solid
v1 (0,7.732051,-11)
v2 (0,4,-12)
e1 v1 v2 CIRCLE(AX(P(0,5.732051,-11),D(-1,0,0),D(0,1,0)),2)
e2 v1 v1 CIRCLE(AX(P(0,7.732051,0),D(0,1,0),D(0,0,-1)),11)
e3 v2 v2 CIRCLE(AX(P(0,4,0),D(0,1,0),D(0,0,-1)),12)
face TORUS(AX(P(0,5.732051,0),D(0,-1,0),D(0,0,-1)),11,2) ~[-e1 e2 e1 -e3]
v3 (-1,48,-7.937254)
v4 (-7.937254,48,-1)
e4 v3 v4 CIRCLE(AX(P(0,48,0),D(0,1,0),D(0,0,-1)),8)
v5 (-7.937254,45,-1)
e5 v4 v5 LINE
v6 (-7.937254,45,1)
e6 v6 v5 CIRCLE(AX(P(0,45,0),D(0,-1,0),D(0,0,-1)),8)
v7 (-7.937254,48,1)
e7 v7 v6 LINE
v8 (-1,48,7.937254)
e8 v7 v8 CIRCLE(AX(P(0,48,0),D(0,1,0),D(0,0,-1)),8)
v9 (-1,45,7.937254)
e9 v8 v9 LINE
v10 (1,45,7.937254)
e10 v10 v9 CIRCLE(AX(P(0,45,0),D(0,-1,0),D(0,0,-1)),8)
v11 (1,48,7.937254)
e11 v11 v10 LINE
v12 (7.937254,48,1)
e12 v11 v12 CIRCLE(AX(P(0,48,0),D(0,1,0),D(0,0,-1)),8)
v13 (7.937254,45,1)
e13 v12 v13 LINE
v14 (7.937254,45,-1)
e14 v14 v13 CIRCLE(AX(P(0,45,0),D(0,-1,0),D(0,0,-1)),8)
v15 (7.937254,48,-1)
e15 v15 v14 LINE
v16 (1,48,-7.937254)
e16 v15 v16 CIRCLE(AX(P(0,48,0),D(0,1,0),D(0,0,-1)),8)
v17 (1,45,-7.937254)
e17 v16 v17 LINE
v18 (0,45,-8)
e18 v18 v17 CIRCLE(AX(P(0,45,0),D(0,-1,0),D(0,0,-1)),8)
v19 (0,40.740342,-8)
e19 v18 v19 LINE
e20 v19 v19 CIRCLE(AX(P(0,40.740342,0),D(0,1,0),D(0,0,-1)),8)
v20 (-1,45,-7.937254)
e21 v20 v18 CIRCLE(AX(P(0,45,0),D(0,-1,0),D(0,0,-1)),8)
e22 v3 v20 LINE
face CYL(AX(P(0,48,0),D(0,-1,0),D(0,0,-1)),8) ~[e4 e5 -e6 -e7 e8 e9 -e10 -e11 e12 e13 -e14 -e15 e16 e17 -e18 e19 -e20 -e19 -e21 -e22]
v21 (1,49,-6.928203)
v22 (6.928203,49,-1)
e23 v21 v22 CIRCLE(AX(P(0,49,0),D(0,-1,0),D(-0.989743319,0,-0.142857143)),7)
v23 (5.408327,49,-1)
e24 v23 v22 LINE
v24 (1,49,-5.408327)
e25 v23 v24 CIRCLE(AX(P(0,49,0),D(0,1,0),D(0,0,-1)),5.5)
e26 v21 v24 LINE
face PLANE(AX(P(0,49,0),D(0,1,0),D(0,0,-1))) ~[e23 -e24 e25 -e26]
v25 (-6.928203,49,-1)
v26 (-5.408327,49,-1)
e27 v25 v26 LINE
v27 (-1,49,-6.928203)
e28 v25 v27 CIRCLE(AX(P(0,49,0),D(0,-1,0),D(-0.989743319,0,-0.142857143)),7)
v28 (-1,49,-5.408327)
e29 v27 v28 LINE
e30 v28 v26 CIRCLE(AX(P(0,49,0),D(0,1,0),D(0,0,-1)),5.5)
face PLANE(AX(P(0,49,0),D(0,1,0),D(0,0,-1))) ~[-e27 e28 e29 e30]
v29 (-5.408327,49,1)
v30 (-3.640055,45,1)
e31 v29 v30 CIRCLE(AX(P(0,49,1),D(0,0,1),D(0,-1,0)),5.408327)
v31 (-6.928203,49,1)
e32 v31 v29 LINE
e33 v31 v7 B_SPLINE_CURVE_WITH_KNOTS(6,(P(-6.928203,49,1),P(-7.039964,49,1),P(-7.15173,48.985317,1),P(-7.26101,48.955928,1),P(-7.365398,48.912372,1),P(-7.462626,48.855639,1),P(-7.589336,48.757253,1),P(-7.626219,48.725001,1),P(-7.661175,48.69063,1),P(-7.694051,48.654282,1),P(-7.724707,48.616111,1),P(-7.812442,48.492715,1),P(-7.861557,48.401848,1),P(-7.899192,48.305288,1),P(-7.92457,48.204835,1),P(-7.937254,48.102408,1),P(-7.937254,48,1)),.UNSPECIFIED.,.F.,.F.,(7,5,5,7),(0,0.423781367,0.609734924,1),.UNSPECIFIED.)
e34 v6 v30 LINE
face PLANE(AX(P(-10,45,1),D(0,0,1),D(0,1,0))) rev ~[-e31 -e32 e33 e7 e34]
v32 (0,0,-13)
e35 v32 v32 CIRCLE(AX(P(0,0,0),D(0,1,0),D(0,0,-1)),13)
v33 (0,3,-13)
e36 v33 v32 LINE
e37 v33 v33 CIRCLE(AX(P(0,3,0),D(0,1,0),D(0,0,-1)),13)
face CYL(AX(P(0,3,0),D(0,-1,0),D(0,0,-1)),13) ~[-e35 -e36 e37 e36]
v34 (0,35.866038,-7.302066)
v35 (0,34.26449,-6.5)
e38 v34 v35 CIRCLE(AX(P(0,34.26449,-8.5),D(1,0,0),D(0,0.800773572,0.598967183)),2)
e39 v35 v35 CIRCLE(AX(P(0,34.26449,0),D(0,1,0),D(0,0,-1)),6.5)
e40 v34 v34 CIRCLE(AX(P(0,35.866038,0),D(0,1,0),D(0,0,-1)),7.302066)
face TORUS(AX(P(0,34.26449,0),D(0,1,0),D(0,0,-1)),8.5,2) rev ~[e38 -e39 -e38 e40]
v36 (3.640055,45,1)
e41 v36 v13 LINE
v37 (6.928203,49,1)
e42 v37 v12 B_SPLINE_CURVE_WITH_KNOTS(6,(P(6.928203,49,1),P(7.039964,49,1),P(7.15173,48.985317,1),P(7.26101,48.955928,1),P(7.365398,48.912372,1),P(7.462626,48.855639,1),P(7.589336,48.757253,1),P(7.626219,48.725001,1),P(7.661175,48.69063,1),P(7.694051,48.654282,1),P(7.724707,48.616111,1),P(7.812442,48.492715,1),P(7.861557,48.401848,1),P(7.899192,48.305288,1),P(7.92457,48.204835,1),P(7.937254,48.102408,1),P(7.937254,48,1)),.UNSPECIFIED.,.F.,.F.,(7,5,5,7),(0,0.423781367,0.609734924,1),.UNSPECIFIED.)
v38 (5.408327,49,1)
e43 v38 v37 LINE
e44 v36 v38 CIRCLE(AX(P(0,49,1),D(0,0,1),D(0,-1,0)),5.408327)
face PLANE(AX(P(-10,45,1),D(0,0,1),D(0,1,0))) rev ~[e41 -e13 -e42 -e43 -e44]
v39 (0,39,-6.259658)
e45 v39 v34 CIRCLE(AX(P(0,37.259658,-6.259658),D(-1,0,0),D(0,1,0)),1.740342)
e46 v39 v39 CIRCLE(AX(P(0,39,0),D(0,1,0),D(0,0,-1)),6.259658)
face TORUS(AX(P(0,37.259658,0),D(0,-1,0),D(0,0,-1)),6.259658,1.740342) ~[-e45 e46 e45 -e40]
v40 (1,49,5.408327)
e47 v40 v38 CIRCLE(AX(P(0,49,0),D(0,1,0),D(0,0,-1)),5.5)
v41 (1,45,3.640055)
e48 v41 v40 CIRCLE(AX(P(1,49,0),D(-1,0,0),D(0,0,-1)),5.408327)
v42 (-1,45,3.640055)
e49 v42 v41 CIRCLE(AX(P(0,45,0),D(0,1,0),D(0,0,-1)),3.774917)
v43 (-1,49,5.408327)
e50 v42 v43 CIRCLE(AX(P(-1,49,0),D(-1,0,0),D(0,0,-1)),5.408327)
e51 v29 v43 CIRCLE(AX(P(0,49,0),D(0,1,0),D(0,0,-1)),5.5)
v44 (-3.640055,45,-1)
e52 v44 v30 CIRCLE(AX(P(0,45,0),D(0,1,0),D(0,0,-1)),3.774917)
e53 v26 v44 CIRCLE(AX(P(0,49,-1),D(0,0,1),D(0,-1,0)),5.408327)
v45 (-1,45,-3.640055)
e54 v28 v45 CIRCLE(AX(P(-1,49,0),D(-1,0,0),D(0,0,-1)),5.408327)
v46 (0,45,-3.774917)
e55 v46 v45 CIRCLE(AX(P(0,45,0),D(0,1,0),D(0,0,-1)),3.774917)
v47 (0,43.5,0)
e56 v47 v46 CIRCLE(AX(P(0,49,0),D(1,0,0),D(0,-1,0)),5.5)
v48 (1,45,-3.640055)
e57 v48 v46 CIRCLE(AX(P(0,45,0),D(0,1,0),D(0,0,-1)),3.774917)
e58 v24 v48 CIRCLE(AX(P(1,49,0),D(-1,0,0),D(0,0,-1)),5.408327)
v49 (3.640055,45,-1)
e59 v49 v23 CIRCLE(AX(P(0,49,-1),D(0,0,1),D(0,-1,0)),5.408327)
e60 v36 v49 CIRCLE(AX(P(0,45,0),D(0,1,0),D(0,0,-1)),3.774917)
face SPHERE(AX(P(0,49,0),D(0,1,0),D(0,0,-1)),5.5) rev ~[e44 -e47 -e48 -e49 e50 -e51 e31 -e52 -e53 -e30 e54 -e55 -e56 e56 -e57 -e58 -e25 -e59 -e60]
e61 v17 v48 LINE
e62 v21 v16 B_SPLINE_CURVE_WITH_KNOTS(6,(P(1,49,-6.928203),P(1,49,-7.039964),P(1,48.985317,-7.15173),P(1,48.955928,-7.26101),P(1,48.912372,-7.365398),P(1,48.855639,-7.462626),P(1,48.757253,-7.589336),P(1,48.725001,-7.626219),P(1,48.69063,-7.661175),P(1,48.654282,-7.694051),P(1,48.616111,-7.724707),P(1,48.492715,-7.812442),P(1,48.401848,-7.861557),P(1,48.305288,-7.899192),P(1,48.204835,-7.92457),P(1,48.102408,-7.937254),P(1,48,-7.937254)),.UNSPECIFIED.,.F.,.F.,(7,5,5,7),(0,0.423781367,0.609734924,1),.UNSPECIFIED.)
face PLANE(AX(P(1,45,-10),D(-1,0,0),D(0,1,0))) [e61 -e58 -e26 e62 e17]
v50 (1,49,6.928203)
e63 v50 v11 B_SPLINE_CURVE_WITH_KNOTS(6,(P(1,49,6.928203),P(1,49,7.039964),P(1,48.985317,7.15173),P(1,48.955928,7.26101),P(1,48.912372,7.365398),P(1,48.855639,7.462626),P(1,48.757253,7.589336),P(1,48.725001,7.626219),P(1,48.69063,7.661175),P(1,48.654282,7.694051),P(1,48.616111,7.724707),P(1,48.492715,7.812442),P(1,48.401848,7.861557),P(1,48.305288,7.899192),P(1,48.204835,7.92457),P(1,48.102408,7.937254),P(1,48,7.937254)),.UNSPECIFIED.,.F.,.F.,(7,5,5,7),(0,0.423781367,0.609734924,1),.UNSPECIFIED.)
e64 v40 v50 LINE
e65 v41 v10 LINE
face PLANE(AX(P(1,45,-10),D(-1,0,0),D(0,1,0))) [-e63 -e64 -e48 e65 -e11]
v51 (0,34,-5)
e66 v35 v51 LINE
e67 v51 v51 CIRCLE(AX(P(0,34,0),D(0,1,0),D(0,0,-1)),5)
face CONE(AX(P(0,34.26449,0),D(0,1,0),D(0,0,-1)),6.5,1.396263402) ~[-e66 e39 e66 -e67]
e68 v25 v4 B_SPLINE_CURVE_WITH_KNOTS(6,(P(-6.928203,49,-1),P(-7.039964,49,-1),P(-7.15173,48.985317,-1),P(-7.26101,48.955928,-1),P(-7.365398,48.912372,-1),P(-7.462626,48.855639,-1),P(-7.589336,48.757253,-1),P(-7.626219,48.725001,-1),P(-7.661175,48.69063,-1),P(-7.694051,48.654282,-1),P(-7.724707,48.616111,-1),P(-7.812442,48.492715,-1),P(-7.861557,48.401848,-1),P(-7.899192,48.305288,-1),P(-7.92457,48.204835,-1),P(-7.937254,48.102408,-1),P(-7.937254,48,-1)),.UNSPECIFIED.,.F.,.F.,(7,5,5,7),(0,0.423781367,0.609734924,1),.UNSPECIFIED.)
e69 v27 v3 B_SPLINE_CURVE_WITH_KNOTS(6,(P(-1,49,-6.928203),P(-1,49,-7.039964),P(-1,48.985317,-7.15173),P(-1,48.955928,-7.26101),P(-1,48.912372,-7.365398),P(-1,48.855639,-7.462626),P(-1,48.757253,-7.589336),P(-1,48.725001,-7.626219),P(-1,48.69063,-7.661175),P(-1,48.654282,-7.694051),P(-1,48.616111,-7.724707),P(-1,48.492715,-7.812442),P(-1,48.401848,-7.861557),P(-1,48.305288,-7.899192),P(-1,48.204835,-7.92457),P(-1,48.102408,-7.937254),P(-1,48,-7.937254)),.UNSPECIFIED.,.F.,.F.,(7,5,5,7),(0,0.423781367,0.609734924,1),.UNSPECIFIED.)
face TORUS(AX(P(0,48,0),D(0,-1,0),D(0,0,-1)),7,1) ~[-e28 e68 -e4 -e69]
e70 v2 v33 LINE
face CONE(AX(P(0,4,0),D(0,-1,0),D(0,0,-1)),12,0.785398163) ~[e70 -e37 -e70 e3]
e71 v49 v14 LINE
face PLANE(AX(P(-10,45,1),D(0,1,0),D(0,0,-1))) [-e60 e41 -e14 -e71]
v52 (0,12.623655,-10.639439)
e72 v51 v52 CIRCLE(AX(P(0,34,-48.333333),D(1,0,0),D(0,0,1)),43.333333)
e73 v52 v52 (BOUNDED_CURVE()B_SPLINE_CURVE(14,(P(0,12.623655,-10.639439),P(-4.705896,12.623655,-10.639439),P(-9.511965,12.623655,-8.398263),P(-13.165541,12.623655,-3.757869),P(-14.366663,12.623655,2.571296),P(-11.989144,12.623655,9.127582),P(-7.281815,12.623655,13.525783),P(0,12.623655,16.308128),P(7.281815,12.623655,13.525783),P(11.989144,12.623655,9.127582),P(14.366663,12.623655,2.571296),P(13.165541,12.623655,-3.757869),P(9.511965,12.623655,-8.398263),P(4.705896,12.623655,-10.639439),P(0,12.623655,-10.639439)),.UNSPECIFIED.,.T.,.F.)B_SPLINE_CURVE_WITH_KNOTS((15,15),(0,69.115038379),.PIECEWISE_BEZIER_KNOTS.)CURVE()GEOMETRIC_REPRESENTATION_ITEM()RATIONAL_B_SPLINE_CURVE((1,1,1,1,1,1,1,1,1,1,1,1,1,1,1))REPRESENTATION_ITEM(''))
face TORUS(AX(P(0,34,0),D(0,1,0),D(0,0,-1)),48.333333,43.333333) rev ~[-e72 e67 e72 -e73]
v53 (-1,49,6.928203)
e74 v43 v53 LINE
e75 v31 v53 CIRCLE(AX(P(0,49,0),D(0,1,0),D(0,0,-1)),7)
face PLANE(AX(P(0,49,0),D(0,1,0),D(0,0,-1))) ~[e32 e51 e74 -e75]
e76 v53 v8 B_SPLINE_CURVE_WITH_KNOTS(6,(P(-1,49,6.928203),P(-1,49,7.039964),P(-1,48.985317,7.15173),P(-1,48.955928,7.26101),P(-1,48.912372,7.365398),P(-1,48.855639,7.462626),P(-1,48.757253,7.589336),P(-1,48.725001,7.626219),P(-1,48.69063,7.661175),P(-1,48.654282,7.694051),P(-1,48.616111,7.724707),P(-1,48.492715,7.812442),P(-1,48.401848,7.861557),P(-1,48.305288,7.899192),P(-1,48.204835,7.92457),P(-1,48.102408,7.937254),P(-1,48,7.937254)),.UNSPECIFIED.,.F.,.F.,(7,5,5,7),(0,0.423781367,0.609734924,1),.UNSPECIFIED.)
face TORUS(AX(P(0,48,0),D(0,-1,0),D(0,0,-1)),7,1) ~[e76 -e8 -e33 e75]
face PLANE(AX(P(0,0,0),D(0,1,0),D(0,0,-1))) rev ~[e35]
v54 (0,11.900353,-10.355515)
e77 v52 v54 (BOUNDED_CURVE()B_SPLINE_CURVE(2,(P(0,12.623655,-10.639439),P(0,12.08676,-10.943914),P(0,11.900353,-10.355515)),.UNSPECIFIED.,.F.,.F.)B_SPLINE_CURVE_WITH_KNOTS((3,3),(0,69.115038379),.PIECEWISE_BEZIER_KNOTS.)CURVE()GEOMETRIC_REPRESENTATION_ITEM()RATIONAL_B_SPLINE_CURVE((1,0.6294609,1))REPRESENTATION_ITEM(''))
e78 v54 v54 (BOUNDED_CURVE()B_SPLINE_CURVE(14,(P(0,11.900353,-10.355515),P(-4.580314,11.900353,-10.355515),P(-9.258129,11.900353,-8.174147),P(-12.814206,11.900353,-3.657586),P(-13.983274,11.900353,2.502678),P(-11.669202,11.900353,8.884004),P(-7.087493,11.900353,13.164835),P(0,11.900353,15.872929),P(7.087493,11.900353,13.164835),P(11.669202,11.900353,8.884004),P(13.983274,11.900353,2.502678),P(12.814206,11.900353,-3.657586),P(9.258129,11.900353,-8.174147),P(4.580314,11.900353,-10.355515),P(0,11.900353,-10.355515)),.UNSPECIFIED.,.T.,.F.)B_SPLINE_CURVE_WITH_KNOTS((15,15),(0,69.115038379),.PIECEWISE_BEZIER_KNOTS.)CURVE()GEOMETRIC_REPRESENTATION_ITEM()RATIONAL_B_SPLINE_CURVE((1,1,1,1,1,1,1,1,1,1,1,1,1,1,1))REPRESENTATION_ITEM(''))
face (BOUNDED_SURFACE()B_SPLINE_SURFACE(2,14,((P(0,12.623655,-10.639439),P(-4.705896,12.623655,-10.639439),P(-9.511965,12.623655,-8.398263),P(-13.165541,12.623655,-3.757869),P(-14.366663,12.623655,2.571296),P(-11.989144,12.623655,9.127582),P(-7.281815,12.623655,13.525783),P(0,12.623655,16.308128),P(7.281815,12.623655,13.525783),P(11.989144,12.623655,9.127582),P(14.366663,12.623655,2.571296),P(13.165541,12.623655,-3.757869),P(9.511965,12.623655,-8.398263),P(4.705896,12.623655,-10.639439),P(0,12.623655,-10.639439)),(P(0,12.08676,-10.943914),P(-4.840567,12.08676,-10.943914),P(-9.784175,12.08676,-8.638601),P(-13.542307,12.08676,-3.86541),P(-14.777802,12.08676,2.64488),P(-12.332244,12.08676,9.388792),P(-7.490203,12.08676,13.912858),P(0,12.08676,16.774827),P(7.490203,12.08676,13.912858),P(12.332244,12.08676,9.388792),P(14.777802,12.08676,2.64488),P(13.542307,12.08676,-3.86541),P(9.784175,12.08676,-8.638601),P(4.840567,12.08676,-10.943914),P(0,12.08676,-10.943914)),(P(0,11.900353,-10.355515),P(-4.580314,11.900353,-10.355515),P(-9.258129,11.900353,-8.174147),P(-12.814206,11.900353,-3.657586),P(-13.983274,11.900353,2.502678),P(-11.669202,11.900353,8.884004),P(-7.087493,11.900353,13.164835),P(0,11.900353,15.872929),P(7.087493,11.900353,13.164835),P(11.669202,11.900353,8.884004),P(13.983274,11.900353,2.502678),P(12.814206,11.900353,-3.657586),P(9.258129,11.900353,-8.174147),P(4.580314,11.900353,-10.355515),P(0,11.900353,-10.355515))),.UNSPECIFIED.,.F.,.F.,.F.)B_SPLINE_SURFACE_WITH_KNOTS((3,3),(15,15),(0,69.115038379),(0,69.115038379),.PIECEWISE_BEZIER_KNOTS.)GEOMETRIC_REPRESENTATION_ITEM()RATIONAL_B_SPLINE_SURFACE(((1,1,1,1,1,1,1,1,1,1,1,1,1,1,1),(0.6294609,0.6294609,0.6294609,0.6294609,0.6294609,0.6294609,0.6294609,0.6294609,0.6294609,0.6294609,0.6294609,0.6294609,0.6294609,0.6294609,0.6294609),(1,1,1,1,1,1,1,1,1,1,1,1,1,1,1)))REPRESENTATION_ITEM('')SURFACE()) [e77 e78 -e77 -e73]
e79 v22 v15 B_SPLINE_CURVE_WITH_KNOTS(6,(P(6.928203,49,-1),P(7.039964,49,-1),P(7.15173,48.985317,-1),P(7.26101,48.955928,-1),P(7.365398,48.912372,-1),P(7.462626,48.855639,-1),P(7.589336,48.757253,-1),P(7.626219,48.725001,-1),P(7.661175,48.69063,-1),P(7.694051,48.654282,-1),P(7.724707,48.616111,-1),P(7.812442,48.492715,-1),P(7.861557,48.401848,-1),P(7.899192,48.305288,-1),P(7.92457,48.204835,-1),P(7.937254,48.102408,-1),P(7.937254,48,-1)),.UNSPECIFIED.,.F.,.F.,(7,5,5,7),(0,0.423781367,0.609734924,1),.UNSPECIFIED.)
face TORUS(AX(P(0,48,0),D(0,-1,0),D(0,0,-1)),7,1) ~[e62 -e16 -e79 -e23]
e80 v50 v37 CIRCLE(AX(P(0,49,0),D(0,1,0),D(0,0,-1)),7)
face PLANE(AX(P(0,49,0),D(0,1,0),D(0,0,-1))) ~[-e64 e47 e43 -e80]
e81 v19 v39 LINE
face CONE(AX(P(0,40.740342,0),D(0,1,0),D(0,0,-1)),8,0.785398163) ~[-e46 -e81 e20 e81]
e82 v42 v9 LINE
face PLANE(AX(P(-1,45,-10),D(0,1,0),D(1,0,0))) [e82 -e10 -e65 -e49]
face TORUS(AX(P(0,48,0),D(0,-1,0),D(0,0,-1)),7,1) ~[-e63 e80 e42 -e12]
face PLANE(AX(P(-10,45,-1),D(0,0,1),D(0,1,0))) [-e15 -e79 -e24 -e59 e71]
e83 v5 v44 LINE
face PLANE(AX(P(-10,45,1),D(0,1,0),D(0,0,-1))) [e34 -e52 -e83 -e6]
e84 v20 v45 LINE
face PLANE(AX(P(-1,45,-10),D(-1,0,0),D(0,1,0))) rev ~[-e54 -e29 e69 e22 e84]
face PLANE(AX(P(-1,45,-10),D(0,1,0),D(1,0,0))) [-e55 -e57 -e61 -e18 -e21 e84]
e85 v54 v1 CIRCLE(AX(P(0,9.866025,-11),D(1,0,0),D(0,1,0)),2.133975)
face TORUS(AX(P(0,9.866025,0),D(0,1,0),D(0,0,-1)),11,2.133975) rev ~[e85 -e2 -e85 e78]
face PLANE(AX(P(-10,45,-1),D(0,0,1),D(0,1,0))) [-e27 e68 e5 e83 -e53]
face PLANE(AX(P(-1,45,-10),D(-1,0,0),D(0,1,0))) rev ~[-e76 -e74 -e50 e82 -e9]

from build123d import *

# Parameters (mm, degrees)
FILLET1_R               = 0.5
CUT_EXTRUDE1_DEPTH      = 10
CUT_EXTRUDE1_DEPTH_BACK = 10
SKETCH2_W               = 2
SKETCH2_H               = 4
CUT_EXTRUDE2_DEPTH      = 10
CUT_EXTRUDE2_DEPTH_BACK = 10
SKETCH3_W               = 2
SKETCH3_H               = 4


with BuildPart() as part:
    # Sketch1 → Revolve2 (revolve)
    with BuildSketch(Plane(origin=(0, 0, 0), x_dir=(0, 0, -1), z_dir=(1, 0, 0))):
        with BuildLine():
            Line((0, 0), (0, 43.5))
            ThreePointArc((0, 43.5), (3.889087297, 45.110912703), (5.5, 49))
            Line((5.5, 49), (7, 49))
            ThreePointArc((7, 49), (7.707106781, 48.707106781), (8, 48))
            Line((8, 48), (8, 40.740342281))
            Line((8, 40.740342281), (6.259657719, 39))
            ThreePointArc((6.259657719, 39), (7.911046112, 37.808936912), (7.302065633, 35.866037615))
            ThreePointArc((7.302065633, 35.866037615), (6.711723073, 35.160071642), (6.5, 34.264490471))
            Line((6.5, 34.264490471), (5, 34))
            ThreePointArc((5, 34), (6.52690108, 22.598245749), (11, 12))
            ThreePointArc((11, 12), (8.866025404, 9.866025404), (11, 7.732050808))
            ThreePointArc((11, 7.732050808), (12.931851653, 6.249688898), (12, 4))
            Line((12, 4), (13, 3))
            Line((13, 3), (13, 0))
            Line((13, 0), (0, 0))
        make_face()
    revolve(axis=Axis((0, 0, 0), (0, 1, 0)))

    # Fillet1
    fillet1_edges = [part.edges().sort_by_distance(p)[0] for p in [
        (0, 12, 11),
    ]]
    fillet(fillet1_edges, radius=FILLET1_R)

    # Sketch2 → Cut-Extrude1 (cut, two sides: drawn at the far end of the back side and taken through both)
    with BuildSketch(Plane(origin=(0, 0, 0), x_dir=(0, 0, -1), z_dir=(1, 0, 0)).offset(-CUT_EXTRUDE1_DEPTH_BACK)):
        with Locations((0, 47)):
            Rectangle(SKETCH2_W, SKETCH2_H)
    extrude(amount=CUT_EXTRUDE1_DEPTH + CUT_EXTRUDE1_DEPTH_BACK, mode=Mode.SUBTRACT)

    # Sketch3 → Cut-Extrude2 (cut, two sides: drawn at the far end of the back side and taken through both)
    with BuildSketch(Plane.XY.offset(-CUT_EXTRUDE2_DEPTH_BACK)):
        with Locations((0, 47)):
            Rectangle(SKETCH3_W, SKETCH3_H)
    extrude(amount=CUT_EXTRUDE2_DEPTH + CUT_EXTRUDE2_DEPTH_BACK, mode=Mode.SUBTRACT)


solid = part.part
